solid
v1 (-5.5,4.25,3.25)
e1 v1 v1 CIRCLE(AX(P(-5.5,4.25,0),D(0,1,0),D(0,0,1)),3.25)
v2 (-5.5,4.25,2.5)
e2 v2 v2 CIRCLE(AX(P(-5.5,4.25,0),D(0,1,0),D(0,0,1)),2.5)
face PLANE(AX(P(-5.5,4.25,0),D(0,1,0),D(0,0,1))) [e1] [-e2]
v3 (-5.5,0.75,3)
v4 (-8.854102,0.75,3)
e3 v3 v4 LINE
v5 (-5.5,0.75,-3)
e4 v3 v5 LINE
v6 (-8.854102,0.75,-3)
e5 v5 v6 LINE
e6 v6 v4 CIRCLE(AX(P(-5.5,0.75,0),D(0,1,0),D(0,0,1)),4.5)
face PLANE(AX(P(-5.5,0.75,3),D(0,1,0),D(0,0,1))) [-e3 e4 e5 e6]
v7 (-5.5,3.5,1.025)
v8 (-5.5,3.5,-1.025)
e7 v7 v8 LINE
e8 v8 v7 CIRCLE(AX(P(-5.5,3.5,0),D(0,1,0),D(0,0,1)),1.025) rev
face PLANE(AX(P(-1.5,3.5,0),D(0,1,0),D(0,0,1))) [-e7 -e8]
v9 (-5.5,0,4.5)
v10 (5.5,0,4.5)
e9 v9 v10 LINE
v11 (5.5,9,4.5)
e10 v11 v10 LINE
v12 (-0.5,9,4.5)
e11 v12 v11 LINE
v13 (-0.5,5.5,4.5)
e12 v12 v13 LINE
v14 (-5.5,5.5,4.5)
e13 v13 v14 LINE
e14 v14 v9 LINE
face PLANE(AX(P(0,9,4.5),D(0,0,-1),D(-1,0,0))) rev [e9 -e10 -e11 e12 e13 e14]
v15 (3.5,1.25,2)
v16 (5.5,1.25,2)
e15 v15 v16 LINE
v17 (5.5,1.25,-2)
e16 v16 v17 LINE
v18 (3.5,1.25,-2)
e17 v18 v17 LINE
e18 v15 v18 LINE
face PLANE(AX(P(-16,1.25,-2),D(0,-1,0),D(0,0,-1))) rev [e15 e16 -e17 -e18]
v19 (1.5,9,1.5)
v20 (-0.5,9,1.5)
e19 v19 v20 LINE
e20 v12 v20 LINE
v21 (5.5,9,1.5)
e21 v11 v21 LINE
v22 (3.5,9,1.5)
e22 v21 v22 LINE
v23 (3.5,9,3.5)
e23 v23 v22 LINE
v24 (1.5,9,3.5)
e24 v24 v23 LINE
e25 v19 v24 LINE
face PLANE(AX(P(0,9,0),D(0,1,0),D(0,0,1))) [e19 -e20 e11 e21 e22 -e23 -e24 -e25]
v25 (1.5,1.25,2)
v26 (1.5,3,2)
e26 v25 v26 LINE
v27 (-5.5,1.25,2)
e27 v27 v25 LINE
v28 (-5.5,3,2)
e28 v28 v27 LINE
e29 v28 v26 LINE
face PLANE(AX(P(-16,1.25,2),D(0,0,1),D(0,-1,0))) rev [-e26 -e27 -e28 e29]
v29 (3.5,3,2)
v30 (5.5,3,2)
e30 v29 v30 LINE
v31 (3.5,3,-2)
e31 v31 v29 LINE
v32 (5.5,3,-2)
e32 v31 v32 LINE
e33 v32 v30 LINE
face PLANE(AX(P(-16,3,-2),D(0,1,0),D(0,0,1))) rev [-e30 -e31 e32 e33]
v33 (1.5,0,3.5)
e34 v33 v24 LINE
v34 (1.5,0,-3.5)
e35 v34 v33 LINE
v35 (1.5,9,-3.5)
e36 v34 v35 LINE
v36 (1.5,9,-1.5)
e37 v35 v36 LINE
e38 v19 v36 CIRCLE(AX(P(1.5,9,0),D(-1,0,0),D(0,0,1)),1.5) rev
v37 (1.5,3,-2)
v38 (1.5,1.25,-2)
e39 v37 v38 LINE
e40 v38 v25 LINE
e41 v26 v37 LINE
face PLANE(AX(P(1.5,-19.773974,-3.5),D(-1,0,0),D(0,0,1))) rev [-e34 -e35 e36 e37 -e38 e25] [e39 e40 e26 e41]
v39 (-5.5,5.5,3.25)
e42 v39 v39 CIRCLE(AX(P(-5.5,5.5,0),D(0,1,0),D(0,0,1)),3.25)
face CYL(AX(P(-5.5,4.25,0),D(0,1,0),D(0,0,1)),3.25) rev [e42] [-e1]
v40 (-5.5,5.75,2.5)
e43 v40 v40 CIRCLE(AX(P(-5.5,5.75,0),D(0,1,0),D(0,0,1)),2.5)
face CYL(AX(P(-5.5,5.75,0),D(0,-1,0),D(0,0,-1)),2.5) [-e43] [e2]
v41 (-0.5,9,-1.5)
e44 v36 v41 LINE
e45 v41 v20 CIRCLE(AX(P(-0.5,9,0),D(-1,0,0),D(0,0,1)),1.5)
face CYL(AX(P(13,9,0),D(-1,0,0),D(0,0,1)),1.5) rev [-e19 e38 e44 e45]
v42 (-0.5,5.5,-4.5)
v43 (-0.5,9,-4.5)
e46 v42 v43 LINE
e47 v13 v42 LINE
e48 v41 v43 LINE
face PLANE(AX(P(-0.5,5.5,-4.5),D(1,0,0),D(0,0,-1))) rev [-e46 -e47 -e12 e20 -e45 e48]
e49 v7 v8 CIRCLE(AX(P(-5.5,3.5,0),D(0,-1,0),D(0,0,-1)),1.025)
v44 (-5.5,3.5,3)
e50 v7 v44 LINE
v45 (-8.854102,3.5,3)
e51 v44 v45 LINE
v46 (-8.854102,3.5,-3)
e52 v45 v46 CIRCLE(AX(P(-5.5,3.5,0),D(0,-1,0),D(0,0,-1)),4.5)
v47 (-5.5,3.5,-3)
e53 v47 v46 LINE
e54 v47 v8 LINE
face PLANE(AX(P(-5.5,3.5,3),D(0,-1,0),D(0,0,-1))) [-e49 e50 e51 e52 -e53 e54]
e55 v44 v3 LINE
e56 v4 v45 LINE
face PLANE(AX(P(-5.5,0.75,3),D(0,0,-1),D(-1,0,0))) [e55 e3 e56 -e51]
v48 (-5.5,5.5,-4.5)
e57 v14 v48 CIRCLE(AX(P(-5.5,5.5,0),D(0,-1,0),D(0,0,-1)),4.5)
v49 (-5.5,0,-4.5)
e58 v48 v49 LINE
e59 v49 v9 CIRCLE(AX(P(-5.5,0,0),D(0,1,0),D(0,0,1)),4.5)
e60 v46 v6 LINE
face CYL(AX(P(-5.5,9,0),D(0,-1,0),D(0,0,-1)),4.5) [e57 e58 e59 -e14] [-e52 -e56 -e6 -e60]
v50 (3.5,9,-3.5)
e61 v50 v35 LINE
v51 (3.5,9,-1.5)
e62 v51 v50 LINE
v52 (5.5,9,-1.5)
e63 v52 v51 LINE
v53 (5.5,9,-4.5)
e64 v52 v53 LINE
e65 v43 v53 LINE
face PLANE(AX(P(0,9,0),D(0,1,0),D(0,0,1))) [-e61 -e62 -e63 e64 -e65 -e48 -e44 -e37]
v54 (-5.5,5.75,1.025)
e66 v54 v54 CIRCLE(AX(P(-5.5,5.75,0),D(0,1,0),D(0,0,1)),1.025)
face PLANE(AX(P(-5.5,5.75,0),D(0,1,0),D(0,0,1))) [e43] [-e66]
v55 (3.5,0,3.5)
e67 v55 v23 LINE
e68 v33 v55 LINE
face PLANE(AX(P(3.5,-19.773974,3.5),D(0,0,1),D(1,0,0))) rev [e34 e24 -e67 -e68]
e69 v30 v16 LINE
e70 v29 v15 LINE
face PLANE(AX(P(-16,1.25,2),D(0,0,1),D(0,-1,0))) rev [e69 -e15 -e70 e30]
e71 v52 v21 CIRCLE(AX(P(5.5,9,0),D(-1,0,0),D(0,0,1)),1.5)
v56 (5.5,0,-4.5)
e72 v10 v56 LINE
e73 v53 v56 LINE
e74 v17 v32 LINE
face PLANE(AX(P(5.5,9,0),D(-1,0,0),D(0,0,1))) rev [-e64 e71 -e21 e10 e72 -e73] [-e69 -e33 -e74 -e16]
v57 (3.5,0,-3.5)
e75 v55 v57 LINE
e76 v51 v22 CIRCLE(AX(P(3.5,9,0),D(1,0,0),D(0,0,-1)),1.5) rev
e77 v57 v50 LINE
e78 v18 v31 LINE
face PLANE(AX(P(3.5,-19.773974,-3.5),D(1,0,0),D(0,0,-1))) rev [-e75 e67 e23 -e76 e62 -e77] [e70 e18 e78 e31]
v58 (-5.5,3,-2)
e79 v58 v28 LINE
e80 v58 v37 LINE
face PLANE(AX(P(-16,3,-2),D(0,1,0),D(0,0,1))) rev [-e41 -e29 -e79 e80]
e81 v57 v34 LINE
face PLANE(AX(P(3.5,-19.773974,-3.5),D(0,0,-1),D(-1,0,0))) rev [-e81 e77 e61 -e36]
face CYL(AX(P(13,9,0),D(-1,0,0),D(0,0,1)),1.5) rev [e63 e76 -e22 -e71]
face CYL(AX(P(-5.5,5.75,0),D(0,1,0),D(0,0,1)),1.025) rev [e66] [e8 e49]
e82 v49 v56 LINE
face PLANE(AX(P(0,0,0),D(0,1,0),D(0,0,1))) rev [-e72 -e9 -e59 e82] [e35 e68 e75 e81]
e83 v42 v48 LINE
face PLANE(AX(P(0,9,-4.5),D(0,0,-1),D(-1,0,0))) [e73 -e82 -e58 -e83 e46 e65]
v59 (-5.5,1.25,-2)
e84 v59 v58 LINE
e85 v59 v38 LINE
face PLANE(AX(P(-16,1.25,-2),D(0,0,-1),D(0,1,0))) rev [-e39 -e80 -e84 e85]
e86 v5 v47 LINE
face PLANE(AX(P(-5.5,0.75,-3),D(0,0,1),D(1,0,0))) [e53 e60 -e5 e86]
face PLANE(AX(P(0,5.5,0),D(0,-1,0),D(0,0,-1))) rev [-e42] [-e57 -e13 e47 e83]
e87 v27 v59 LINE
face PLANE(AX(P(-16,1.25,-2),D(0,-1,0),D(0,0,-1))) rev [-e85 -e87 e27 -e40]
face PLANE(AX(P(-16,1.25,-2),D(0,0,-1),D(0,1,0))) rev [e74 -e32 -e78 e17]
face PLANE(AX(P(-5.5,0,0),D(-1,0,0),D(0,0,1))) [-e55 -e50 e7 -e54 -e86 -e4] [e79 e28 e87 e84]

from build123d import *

# Parameters (mm, degrees)
SKETCH2_W               = 11
SKETCH2_H               = 9
BOSS_EXTRUDE1_DEPTH     = 9
SKETCH3_W               = 15.859827236
SKETCH3_H               = 9.999542671
CUT_EXTRUDE1_DEPTH      = 3.5
CUT_EXTRUDE2_DEPTH      = 13.5
SKETCH5_W               = 2
SKETCH5_H               = 7
CUT_EXTRUDE3_DEPTH      = 28.773973587
SKETCH6_R               = 3.25
CUT_EXTRUDE4_DEPTH      = 1.25
SKETCH7_R               = 2.5
BOSS_EXTRUDE2_DEPTH     = 1.5
SKETCH8_W               = 4
SKETCH8_H               = 1.75
CUT_EXTRUDE5_DEPTH      = 21.5
SKETCH9_W               = 6
SKETCH9_H               = 2.75
CUT_EXTRUDE6_DEPTH      = 4.5
M2_5_TAPPED_HOLE2_D     = 2.05
M2_5_TAPPED_HOLE2_DEPTH = 3
M2_5_TAPPED_HOLE2_TIP   = 0.615882135
SKETCH11_W              = 2.05
SKETCH11_H              = 0.5
BOSS_EXTRUDE3_DEPTH     = 4


with BuildPart() as part:
    # Sketch2 → Boss-Extrude1 (new body)
    with BuildSketch(Plane(origin=(0, 0, 0), x_dir=(1, 0, 0), z_dir=(0, 1, 0))):
        with BuildLine():
            Line((-5.5, -4.5), (-5.5, 4.5))
            ThreePointArc((-5.5, 4.5), (-10, 0), (-5.5, -4.5))
        make_face()
        Rectangle(SKETCH2_W, SKETCH2_H)
    extrude(amount=BOSS_EXTRUDE1_DEPTH)

    # Sketch3 → Cut-Extrude1 (cut)
    with BuildSketch(Plane(origin=(0, 9, 0), x_dir=(1, 0, 0), z_dir=(0, 1, 0))):
        with Locations((-8.429913618, -0.499771336)):
            Rectangle(SKETCH3_W, SKETCH3_H)
    extrude(amount=-CUT_EXTRUDE1_DEPTH, mode=Mode.SUBTRACT)

    # Sketch4 → Cut-Extrude2 (cut)
    with BuildSketch(Plane.ZY.offset(0.5)):
        with BuildLine():
            Line((-1.5, 9), (1.5, 9))
            ThreePointArc((1.5, 9), (0, 7.5), (-1.5, 9))
        make_face()
    extrude(amount=-CUT_EXTRUDE2_DEPTH, mode=Mode.SUBTRACT)

    # Sketch5 → Cut-Extrude3 (cut)
    with BuildSketch(Plane(origin=(0, 9, 0), x_dir=(1, 0, 0), z_dir=(0, 1, 0))):
        with Locations((2.5, 0)):
            Rectangle(SKETCH5_W, SKETCH5_H)
    extrude(amount=-CUT_EXTRUDE3_DEPTH, mode=Mode.SUBTRACT)

    # Sketch6 → Cut-Extrude4 (cut)
    with BuildSketch(Plane(origin=(0, 5.5, 0), x_dir=(1, 0, 0), z_dir=(0, 1, 0))):
        with Locations((-5.5, 0)):
            Circle(SKETCH6_R)
    extrude(amount=-CUT_EXTRUDE4_DEPTH, mode=Mode.SUBTRACT)

    # Sketch7 → Boss-Extrude2 (add)
    with BuildSketch(Plane(origin=(0, 4.25, 0), x_dir=(1, 0, 0), z_dir=(0, 1, 0))):
        with Locations((-5.5, 0)):
            Circle(SKETCH7_R)
    extrude(amount=BOSS_EXTRUDE2_DEPTH)

    # Sketch8 → Cut-Extrude5 (cut)
    with BuildSketch(Plane(origin=(5.5, 0, 0), x_dir=(0, 0, -1), z_dir=(1, 0, 0))):
        with Locations((0, 2.125)):
            Rectangle(SKETCH8_W, SKETCH8_H)
    extrude(amount=-CUT_EXTRUDE5_DEPTH, mode=Mode.SUBTRACT)

    # Sketch9 → Cut-Extrude6 (cut)
    with BuildSketch(Plane(origin=(-10, 0, 0), x_dir=(0, 0, -1), z_dir=(1, 0, 0))):
        with Locations((0, 2.125)):
            Rectangle(SKETCH9_W, SKETCH9_H)
    extrude(amount=CUT_EXTRUDE6_DEPTH, mode=Mode.SUBTRACT)

    # M2.5 Tapped Hole2
    with Locations(Plane(origin=(-5.5, 5.75, 0), x_dir=(0, 0, 1), z_dir=(0, 1, 0))):
        with Locations((0, 0)):
            Hole(M2_5_TAPPED_HOLE2_D / 2, depth=M2_5_TAPPED_HOLE2_DEPTH)
            with Locations((0, 0, -(M2_5_TAPPED_HOLE2_DEPTH + M2_5_TAPPED_HOLE2_TIP / 2))):  # 118° drill point
                Cone(0, M2_5_TAPPED_HOLE2_D / 2, M2_5_TAPPED_HOLE2_TIP, mode=Mode.SUBTRACT)

    # Sketch11 → Boss-Extrude3 (add)
    with BuildSketch(Plane.ZY.offset(5.5)):
        with Locations((0, 3.25)):
            Rectangle(SKETCH11_W, SKETCH11_H)
    extrude(amount=-BOSS_EXTRUDE3_DEPTH)


solid = part.part
